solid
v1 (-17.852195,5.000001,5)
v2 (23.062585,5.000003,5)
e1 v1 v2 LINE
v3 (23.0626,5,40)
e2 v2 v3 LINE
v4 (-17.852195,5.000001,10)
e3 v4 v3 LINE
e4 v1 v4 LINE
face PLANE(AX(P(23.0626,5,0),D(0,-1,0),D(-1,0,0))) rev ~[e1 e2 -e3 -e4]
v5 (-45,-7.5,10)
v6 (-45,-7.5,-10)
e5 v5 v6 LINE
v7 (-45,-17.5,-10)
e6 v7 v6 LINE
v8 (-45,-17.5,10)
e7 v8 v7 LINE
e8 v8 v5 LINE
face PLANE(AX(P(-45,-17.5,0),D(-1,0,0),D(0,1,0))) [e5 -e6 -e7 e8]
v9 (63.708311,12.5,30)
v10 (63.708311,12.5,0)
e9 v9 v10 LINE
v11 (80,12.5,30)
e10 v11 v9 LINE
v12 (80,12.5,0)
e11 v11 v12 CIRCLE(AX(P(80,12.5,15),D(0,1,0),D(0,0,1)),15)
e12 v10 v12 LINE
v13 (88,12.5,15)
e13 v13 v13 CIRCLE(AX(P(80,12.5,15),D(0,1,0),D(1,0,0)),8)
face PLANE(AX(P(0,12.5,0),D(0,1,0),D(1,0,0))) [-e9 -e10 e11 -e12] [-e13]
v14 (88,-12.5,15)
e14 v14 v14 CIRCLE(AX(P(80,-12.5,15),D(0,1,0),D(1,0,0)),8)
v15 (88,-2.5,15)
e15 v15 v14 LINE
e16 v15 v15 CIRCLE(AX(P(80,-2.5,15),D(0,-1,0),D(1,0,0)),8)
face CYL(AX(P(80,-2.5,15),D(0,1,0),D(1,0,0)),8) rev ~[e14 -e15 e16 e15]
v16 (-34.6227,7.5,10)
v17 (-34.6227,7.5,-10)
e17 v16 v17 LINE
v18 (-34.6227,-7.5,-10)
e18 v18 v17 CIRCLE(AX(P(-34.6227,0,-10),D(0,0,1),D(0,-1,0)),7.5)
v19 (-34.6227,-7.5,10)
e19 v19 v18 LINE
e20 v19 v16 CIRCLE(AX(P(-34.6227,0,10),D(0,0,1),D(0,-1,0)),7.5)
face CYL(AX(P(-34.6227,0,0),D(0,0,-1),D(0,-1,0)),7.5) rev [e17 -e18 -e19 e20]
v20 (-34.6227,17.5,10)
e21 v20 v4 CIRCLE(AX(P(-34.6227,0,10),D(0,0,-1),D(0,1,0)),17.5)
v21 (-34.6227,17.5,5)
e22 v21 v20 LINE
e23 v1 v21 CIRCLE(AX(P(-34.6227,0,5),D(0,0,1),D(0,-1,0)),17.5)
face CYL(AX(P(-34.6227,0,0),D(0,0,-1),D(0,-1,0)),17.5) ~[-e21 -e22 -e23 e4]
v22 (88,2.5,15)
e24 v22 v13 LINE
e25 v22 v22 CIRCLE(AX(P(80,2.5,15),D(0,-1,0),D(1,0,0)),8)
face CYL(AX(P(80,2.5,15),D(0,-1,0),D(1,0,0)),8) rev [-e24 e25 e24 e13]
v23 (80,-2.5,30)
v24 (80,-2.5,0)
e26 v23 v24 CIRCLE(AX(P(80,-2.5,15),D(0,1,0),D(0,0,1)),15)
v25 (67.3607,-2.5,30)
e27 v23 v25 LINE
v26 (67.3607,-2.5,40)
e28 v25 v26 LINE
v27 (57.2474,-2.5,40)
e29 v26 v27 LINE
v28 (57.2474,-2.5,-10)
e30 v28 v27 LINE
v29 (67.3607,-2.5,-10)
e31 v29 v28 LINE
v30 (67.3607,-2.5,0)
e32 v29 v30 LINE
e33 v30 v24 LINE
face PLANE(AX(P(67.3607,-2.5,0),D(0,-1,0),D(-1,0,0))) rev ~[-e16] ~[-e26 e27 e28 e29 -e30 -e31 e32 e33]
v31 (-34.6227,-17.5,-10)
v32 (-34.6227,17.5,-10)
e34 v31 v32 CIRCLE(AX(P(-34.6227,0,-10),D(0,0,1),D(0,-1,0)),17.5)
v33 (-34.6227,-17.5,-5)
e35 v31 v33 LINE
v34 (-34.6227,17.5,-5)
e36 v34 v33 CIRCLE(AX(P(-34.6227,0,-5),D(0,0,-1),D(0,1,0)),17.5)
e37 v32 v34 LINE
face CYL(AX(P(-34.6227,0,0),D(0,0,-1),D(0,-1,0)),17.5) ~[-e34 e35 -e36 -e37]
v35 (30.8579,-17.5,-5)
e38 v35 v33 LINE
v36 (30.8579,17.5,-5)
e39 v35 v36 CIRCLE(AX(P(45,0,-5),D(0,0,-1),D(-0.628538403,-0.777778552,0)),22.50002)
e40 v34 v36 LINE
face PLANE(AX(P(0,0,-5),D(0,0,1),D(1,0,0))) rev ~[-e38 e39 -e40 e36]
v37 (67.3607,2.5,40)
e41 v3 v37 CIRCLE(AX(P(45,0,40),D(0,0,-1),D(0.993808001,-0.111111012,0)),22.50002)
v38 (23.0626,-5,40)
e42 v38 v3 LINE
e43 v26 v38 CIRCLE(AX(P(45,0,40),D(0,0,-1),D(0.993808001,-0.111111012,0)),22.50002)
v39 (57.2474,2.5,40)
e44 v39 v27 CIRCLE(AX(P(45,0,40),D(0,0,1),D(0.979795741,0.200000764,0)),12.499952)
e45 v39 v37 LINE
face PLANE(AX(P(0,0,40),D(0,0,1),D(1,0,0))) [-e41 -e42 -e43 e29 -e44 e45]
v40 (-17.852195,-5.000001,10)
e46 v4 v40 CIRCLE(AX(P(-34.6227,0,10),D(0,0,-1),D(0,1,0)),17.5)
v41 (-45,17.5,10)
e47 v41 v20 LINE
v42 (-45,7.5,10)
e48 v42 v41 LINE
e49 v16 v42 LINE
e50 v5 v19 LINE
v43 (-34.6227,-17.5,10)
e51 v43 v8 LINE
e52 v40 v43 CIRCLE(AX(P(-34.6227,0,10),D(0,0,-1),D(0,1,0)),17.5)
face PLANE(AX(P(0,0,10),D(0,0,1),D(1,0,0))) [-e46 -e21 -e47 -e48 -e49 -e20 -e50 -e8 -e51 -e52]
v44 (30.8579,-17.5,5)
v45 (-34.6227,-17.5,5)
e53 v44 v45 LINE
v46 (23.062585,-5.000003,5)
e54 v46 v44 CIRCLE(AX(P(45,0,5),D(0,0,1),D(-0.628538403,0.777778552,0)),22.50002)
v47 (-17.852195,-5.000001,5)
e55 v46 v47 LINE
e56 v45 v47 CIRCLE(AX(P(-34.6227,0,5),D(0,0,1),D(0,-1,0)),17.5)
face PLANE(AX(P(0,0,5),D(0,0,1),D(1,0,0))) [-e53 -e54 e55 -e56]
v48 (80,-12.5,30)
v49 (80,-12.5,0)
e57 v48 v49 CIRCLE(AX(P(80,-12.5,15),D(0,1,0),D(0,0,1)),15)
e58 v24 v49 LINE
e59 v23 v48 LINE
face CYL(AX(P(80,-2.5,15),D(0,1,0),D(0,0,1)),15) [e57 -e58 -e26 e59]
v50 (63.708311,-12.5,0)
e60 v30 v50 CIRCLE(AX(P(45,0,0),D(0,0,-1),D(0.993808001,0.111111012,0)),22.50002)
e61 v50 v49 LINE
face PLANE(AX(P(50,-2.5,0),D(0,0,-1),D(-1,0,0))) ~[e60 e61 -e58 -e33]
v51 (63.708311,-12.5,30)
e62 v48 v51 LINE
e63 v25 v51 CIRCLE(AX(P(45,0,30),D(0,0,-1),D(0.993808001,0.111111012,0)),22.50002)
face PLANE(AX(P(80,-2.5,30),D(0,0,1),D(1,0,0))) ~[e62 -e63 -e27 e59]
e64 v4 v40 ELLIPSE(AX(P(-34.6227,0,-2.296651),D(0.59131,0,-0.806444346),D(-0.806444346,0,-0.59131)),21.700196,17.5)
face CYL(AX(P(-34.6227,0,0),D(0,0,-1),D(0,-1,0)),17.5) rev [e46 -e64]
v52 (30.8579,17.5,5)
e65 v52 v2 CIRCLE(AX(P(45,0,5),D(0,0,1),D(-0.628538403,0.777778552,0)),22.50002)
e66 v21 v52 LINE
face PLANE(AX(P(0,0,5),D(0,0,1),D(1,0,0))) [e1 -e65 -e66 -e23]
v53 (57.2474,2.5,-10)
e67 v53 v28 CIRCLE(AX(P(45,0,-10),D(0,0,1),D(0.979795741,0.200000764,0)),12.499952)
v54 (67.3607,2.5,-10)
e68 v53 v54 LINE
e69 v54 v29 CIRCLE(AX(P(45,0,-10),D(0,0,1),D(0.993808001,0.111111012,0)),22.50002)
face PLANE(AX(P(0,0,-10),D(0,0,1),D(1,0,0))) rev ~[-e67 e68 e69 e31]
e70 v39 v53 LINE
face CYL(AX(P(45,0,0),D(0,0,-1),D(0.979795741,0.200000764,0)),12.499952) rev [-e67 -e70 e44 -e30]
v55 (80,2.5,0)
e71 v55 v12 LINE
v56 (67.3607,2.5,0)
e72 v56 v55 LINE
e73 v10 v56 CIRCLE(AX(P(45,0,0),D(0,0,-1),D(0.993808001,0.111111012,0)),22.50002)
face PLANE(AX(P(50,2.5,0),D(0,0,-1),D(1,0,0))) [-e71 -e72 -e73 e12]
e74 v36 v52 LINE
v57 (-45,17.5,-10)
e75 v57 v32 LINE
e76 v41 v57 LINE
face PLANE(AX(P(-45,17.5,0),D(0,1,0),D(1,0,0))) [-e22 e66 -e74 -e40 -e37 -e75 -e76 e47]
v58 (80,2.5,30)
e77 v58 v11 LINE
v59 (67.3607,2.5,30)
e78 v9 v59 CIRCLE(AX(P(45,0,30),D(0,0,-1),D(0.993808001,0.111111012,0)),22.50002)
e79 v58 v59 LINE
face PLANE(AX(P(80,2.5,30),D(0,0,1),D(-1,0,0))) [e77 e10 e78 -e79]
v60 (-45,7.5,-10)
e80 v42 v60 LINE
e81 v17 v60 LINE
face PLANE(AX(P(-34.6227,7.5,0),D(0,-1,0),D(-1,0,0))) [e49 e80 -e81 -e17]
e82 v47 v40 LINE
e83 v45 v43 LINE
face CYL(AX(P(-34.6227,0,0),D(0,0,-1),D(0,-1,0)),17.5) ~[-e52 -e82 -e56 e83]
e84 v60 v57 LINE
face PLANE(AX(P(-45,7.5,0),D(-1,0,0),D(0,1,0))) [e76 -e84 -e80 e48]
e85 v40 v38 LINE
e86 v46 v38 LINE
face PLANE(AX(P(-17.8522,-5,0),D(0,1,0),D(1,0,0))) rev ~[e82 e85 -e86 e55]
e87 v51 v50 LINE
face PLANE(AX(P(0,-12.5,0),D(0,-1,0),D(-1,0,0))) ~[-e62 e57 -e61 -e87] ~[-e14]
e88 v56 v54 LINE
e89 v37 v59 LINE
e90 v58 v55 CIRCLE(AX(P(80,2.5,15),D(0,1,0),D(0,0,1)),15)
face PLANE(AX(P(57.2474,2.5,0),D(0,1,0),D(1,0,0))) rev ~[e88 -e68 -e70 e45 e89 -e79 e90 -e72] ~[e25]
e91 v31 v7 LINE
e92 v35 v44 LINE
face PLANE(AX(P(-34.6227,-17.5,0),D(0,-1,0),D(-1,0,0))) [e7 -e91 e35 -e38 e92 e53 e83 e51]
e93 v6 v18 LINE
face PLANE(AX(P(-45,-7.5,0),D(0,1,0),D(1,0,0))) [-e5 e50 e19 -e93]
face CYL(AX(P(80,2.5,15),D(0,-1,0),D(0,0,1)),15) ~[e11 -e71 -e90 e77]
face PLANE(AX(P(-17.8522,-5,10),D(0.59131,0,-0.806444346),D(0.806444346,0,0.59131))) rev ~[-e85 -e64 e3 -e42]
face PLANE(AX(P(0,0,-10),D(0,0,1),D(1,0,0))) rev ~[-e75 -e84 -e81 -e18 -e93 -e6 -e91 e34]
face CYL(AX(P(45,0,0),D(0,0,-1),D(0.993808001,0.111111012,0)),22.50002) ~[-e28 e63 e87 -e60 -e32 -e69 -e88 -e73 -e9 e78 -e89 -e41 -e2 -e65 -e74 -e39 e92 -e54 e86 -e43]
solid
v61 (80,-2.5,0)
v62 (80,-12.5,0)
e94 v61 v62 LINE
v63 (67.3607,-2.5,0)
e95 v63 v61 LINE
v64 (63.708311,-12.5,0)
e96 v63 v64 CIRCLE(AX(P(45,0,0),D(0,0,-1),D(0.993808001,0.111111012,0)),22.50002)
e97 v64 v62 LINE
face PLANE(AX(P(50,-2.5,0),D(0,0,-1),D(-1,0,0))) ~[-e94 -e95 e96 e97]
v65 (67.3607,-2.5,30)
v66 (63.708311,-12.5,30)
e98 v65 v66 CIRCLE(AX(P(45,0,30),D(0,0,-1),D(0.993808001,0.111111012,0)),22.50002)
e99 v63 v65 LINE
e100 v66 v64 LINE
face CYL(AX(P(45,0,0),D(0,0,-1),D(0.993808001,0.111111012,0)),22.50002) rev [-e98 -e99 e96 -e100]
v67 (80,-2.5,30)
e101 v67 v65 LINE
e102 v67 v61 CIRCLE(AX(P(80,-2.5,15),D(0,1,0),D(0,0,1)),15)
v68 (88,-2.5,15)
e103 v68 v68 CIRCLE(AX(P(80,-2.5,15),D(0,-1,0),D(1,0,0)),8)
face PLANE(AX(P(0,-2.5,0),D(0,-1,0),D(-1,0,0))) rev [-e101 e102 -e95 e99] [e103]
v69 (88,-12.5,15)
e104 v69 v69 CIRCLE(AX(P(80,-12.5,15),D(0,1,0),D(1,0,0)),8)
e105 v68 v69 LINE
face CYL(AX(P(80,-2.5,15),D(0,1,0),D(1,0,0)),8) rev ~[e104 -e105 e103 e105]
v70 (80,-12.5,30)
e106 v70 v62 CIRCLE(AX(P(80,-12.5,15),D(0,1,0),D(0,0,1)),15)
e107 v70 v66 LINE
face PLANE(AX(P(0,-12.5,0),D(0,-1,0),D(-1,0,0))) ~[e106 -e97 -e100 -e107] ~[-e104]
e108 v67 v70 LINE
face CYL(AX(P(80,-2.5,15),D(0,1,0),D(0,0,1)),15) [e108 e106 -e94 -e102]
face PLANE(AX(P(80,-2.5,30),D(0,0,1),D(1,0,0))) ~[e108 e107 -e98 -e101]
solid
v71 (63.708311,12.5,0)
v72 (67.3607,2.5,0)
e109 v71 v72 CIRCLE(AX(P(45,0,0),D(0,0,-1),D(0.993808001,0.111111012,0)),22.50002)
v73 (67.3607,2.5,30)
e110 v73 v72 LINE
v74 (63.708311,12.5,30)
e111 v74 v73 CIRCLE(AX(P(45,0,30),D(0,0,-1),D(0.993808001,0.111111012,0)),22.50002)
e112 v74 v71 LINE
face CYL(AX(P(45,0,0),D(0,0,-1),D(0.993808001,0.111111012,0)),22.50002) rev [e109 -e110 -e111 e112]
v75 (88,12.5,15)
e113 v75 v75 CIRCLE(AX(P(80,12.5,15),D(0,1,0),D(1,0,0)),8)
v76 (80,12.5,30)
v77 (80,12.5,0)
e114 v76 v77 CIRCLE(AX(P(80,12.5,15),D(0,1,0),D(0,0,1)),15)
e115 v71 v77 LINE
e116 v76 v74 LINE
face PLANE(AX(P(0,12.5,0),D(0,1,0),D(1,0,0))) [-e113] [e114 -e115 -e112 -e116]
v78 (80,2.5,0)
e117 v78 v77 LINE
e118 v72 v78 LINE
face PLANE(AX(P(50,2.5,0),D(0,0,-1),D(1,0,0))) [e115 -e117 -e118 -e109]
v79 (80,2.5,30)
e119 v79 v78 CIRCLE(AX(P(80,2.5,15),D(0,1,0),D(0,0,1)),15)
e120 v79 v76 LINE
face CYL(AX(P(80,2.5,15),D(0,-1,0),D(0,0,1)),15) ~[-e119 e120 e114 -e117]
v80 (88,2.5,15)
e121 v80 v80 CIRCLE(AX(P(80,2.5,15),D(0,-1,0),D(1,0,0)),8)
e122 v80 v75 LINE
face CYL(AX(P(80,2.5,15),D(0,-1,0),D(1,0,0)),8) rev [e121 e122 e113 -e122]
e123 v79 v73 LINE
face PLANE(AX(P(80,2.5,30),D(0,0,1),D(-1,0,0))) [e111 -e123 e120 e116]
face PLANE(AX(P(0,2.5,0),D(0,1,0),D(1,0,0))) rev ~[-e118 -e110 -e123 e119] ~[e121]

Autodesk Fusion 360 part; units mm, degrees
sketch "Sketch1" plane through (0, 0, 0) normal (0, 0, 1) x (1, 0, 0)
  line L0 (30.8579, -17.5) -> (-45, -17.5)
  line L1 (-45, 17.5) -> (30.8579, 17.5)
  line L2 (-34.6227, 7.5) -> (-45, 7.5)
  line L3 (-45, -7.5) -> (-34.6227, -7.5)
  line L4 (67.3607, -2.5) -> (57.2474, -2.5)
  line L5 (57.2474, 2.5) -> (67.3607, 2.5)
  line L6 (23.0626, 5) -> (-17.8522, 5)
  line L7 (-17.8522, -5) -> (23.0626, -5)
  arc A0 (-34.6227, -17.5) -> (-34.6227, 17.5) centre (-34.6227, 0) ccw
  line L8 (-45, -17.5) -> (-45, -7.5)
  line L9 (-45, 7.5) -> (-45, 17.5)
  arc A1 (-34.6227, -7.5) -> (-34.6227, 7.5) centre (-34.6227, 0) ccw
  arc A2 (67.3607, 2.5) -> (67.3607, -2.5) centre (45, 0) ccw
  arc A3 (57.2474, 2.5) -> (57.2474, -2.5) centre (45, 0) ccw
  dimension "d2" = 35
  dimension "d3" = 15
  dimension "d4" = 35
  dimension "d5" = 25
  dimension "d6" = 45
  dimension "d8" = 15
extrude "Extrude1" add sketch "Sketch1" along normal mid plane 10 contours L0 L7 A0 A2 | L6 L7 A0 A2 | L1 L6 A0 A2 makes body 1
extrude "Extrude2" add sketch "Sketch1" along normal mid plane 20 contours L0 L1 L2 L3 A0 L8 L9 A1 bodies 1
extrude "Extrude3" add sketch "Sketch1" along normal blind 40 and the other way blind 10 contours L4 L5 A2 A3 bodies 1
extrude "Extrude4" add sketch "Sketch1" along normal blind 40 contours L6 L7 A0 A2 bodies 1
sketch "Sketch2" plane through (0, -5, 0) normal (0, -1, 0) x (1, 0, 0)
  line L0 (-17.8522, 5) -> (23.0626, 5)
  line L1 (23.0626, 5) -> (23.0626, 40)
  line L2 (23.0626, 40) -> (-17.8522, 40)
  line L3 (-17.8522, 40) -> (-17.8522, 10)
  line L4 (-17.8522, 10) -> (-17.8522, 5)
  line L5 (-17.8522, 10) -> (23.0626, 40)
  line L6 (23.0626, 40) -> (-17.8522, 40)
  line L7 (-17.8522, 40) -> (-17.8522, 10)
extrude "Extrude5" cut sketch "Sketch2" against normal blind 40 contours L2 L3 L5 L6 L7 bodies 1
sketch "Sketch3" plane through (0, 0, 0) normal (0, 1, 0) x (1, 0, 0)
  circle A0 centre (80, -15) radius 8
  line L0 (80, -30) -> (50, -30)
  line L1 (50, -30) -> (50, 0)
  line L2 (50, 0) -> (80, 0)
  line L3 (80, 0) -> (80, -30)
  arc A1 (80, -30) -> (80, 0) centre (80, -15) ccw
  point P0 (-45, 10)
  point P1 (67.3607, 10)
  dimension "d25" = 16
  dimension "d26" = 30
  dimension "d27" = 30
  dimension "d28" = 125
  dimension "d29" = 25
extrude "Extrude6" add sketch "Sketch3" along normal blind 10 from surface at 2.5 separate body contours A0 L3 A1 | A0 L0 L1 L2 L3 makes body 2
combine "Combine1" operation cut target body 2 tool bodies 1 keep tools makes body 3 at (57.1207, 3.0559, 10)
delete_body "RemoveBody1" bodies 3
mirror "Mirror1" about plane through (0, 0, 0) normal (0, 1, 0) of "Extrude6" makes body 4
combine "Combine2" operation cut target body 4 tool bodies 1 keep tools makes body 5 at (57.1207, -3.0559, 20)
delete_body "RemoveBody2" bodies 5
combine "Combine3" operation add target body 1 tool bodies 2 4 keep tools
